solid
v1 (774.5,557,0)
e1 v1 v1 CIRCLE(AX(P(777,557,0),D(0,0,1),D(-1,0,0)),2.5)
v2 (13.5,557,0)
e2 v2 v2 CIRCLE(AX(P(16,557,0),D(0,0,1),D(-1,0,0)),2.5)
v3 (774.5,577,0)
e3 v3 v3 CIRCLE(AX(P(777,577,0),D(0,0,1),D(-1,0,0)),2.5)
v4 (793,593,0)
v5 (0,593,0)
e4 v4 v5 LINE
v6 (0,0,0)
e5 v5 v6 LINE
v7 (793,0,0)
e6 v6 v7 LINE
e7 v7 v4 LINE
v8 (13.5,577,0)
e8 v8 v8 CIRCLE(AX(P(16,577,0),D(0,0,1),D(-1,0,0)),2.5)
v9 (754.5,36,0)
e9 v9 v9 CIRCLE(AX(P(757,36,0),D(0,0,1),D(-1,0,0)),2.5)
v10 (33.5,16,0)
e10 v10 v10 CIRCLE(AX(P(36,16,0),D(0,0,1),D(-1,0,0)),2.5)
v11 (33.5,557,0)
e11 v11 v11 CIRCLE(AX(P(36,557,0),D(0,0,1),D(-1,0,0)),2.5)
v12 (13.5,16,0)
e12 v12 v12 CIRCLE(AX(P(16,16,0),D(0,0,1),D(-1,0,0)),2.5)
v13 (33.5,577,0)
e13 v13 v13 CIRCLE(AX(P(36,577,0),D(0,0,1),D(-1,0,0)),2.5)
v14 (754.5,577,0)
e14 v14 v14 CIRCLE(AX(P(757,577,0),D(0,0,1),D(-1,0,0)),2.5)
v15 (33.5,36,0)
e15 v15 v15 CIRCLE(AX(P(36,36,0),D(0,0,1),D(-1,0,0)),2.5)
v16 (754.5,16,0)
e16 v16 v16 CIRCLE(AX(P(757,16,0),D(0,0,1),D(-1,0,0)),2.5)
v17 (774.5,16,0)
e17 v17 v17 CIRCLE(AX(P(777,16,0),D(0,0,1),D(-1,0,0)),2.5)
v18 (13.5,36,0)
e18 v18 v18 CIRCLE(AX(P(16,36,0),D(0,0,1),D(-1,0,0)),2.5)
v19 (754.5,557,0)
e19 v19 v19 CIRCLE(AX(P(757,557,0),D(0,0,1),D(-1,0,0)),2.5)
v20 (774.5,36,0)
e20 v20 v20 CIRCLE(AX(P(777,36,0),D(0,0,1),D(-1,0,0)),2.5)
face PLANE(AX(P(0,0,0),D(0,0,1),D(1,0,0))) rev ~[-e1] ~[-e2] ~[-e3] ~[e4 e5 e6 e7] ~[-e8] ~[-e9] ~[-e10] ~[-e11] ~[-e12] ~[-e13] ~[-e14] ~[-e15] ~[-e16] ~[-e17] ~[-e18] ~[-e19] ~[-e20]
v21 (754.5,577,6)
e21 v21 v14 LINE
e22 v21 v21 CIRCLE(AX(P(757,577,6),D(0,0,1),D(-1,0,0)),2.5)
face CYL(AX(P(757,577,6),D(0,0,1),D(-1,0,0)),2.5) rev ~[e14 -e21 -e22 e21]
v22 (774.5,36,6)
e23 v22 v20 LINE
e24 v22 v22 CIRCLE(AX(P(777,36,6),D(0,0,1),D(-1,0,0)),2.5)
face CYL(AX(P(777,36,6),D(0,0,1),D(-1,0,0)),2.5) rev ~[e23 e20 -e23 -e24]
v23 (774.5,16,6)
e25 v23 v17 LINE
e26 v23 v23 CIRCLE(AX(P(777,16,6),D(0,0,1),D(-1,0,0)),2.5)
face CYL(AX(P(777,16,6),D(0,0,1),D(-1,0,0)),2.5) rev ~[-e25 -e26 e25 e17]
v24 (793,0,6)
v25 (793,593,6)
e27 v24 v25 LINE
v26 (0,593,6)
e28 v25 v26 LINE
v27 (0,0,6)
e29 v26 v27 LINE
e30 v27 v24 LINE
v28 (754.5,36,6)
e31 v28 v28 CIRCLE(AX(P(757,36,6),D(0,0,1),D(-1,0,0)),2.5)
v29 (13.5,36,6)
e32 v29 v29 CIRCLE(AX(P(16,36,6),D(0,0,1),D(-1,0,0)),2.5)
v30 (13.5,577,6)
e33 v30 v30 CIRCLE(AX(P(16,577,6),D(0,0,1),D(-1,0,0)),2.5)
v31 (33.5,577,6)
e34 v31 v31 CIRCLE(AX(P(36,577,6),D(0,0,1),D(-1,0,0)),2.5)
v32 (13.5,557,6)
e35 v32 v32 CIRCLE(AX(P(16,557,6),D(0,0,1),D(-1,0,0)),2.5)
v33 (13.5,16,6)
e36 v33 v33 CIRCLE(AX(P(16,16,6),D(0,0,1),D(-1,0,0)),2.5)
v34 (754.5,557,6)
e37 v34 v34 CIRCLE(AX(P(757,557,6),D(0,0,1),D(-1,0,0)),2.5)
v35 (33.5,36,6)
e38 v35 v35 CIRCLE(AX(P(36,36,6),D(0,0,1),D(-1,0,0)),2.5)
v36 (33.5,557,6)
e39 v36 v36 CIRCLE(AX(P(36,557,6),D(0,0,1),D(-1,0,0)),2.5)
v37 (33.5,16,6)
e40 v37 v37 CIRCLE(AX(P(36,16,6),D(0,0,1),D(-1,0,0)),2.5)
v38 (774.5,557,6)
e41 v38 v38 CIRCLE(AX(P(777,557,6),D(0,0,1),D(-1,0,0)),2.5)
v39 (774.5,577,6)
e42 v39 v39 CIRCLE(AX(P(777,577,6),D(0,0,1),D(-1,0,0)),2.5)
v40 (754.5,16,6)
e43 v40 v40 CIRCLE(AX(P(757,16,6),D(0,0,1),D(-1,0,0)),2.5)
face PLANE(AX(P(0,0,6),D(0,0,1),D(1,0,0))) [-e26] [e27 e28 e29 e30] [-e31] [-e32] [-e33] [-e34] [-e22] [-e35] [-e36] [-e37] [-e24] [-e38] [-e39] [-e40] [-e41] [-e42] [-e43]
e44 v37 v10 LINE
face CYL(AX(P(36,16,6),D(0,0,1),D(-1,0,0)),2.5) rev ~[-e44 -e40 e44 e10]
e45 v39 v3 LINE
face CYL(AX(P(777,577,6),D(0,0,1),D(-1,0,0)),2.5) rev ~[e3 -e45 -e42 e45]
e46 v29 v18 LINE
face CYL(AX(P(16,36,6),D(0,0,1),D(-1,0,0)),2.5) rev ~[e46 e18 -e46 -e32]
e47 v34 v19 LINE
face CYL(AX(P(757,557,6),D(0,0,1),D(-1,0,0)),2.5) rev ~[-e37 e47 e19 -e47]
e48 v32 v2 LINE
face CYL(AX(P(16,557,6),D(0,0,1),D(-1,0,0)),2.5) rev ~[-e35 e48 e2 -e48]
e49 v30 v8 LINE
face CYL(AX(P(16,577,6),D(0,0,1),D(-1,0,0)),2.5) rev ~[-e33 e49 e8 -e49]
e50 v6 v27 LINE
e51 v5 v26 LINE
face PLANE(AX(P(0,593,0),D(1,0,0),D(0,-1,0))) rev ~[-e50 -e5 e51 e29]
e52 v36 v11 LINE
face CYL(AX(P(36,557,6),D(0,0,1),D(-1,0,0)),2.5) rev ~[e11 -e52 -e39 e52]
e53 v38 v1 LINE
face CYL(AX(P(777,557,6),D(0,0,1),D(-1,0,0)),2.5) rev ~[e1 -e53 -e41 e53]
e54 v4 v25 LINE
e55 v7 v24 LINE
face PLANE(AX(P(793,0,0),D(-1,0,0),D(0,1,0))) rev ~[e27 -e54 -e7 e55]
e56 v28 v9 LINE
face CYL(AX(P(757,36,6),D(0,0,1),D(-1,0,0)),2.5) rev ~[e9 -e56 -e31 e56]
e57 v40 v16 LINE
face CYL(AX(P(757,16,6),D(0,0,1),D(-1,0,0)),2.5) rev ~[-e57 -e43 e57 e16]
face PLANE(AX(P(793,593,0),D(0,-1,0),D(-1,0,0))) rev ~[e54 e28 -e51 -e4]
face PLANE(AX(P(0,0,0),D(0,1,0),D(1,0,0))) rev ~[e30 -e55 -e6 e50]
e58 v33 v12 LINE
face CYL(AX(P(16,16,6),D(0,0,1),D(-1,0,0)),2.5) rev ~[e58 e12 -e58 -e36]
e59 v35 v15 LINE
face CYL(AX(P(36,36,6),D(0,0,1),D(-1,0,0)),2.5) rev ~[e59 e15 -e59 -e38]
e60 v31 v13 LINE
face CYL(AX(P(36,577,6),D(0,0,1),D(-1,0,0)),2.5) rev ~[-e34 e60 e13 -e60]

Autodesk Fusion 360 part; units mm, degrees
sketch "Sketch1" plane through (0, 0, 0) normal (0, 0, 1) x (1, 0, 0)
  line L0 (0, 0) -> (793, 0)
  line L1 (793, 0) -> (793, 593)
  line L2 (793, 593) -> (0, 593)
  line L3 (0, 593) -> (0, 0)
  dimension "d1" = 793
  dimension "d2" = 593
extrude "Extrude1" add sketch "Sketch1" along normal blind 6
sketch "Sketch2" plane through (0, 0, 6) normal (0, 0, 1) x (-1, 0, 0)
  line L0 (0, -593) -> (0, 0)
  line L1 (0, 0) -> (-793, 0)
  line L2 (-793, 0) -> (-793, -593)
  line L3 (-793, -593) -> (0, -593)
  line L4 (0, 0) -> (-6, 0)
  line L5 (-6, 0) -> (-6, -6)
  line L6 (-6, -6) -> (0, -6)
  line L7 (0, -6) -> (0, 0)
  line L8 (-793, -593) -> (-787, -593)
  line L9 (-787, -593) -> (-787, -587)
  line L10 (-787, -587) -> (-793, -587)
  line L11 (-793, -587) -> (-793, -593)
  line L12 (-787, -587) -> (-6, -587)
  line L13 (-6, -587) -> (-6, -6)
  line L14 (-6, -6) -> (-787, -6)
  line L15 (-787, -6) -> (-787, -587)
  line L16 (-6, -6) -> (-36, -6)
  line L17 (-6, -36) -> (-6, -6)
  line L18 (-6, -6) -> (-16, -6)
  line L19 (-6, -16) -> (-6, -6)
  circle A0 centre (-16, -16) radius 2.5
  circle A1 centre (-36, -36) radius 2.5
  circle A2 centre (-16, -36) radius 2.5
  circle A3 centre (-36, -16) radius 2.5
  dimension "d5" = 6
  dimension "d6" = 6
  dimension "d7" = 6
  dimension "d8" = 6
  dimension "d9" = 30
  dimension "d10" = 30
  dimension "d11" = 10
  dimension "d12" = 10
  dimension "d13" = 5
  dimension "d14" = 5
  dimension "d15" = 5
  dimension "d16" = 5
extrude "Extrude2" cut sketch "Sketch2" against normal blind 6 contours A0 | A1 | A2 | A3
pattern_linear "R-Pattern1" count 1 spacing 0 along (0, 0, 1) count 2 spacing 741 along (1, 0, 0) of "Extrude2"
pattern_linear "R-Pattern2" count 1 spacing 0 along (1, 0, 0) count 2 spacing 541 along (0, 1, 0) of "Extrude2", "R-Pattern1"
sketch "Sketch4" plane through (0, 0, 6) normal (0, 0, 1) x (-1, 0, 0)
  circle A0 centre (-777, -577) radius 2.5
  circle A1 centre (-777, -557) radius 2.5
  circle A2 centre (-757, -577) radius 2.5
  circle A3 centre (-757, -557) radius 2.5
  circle A4 centre (-36, -577) radius 2.5
  circle A5 centre (-36, -557) radius 2.5
  circle A6 centre (-16, -577) radius 2.5
  circle A7 centre (-16, -557) radius 2.5
  circle A8 centre (-777, -36) radius 2.5
  circle A9 centre (-777, -16) radius 2.5
  circle A10 centre (-757, -36) radius 2.5
  circle A11 centre (-757, -16) radius 2.5
  circle A12 centre (-36, -36) radius 2.5
  circle A13 centre (-36, -16) radius 2.5
  circle A14 centre (-16, -36) radius 2.5
  circle A15 centre (-16, -16) radius 2.5
  line L0 (0, -593) -> (0, 0)
  line L1 (0, 0) -> (-793, 0)
  line L2 (-793, 0) -> (-793, -593)
  line L3 (-793, -593) -> (0, -593)
